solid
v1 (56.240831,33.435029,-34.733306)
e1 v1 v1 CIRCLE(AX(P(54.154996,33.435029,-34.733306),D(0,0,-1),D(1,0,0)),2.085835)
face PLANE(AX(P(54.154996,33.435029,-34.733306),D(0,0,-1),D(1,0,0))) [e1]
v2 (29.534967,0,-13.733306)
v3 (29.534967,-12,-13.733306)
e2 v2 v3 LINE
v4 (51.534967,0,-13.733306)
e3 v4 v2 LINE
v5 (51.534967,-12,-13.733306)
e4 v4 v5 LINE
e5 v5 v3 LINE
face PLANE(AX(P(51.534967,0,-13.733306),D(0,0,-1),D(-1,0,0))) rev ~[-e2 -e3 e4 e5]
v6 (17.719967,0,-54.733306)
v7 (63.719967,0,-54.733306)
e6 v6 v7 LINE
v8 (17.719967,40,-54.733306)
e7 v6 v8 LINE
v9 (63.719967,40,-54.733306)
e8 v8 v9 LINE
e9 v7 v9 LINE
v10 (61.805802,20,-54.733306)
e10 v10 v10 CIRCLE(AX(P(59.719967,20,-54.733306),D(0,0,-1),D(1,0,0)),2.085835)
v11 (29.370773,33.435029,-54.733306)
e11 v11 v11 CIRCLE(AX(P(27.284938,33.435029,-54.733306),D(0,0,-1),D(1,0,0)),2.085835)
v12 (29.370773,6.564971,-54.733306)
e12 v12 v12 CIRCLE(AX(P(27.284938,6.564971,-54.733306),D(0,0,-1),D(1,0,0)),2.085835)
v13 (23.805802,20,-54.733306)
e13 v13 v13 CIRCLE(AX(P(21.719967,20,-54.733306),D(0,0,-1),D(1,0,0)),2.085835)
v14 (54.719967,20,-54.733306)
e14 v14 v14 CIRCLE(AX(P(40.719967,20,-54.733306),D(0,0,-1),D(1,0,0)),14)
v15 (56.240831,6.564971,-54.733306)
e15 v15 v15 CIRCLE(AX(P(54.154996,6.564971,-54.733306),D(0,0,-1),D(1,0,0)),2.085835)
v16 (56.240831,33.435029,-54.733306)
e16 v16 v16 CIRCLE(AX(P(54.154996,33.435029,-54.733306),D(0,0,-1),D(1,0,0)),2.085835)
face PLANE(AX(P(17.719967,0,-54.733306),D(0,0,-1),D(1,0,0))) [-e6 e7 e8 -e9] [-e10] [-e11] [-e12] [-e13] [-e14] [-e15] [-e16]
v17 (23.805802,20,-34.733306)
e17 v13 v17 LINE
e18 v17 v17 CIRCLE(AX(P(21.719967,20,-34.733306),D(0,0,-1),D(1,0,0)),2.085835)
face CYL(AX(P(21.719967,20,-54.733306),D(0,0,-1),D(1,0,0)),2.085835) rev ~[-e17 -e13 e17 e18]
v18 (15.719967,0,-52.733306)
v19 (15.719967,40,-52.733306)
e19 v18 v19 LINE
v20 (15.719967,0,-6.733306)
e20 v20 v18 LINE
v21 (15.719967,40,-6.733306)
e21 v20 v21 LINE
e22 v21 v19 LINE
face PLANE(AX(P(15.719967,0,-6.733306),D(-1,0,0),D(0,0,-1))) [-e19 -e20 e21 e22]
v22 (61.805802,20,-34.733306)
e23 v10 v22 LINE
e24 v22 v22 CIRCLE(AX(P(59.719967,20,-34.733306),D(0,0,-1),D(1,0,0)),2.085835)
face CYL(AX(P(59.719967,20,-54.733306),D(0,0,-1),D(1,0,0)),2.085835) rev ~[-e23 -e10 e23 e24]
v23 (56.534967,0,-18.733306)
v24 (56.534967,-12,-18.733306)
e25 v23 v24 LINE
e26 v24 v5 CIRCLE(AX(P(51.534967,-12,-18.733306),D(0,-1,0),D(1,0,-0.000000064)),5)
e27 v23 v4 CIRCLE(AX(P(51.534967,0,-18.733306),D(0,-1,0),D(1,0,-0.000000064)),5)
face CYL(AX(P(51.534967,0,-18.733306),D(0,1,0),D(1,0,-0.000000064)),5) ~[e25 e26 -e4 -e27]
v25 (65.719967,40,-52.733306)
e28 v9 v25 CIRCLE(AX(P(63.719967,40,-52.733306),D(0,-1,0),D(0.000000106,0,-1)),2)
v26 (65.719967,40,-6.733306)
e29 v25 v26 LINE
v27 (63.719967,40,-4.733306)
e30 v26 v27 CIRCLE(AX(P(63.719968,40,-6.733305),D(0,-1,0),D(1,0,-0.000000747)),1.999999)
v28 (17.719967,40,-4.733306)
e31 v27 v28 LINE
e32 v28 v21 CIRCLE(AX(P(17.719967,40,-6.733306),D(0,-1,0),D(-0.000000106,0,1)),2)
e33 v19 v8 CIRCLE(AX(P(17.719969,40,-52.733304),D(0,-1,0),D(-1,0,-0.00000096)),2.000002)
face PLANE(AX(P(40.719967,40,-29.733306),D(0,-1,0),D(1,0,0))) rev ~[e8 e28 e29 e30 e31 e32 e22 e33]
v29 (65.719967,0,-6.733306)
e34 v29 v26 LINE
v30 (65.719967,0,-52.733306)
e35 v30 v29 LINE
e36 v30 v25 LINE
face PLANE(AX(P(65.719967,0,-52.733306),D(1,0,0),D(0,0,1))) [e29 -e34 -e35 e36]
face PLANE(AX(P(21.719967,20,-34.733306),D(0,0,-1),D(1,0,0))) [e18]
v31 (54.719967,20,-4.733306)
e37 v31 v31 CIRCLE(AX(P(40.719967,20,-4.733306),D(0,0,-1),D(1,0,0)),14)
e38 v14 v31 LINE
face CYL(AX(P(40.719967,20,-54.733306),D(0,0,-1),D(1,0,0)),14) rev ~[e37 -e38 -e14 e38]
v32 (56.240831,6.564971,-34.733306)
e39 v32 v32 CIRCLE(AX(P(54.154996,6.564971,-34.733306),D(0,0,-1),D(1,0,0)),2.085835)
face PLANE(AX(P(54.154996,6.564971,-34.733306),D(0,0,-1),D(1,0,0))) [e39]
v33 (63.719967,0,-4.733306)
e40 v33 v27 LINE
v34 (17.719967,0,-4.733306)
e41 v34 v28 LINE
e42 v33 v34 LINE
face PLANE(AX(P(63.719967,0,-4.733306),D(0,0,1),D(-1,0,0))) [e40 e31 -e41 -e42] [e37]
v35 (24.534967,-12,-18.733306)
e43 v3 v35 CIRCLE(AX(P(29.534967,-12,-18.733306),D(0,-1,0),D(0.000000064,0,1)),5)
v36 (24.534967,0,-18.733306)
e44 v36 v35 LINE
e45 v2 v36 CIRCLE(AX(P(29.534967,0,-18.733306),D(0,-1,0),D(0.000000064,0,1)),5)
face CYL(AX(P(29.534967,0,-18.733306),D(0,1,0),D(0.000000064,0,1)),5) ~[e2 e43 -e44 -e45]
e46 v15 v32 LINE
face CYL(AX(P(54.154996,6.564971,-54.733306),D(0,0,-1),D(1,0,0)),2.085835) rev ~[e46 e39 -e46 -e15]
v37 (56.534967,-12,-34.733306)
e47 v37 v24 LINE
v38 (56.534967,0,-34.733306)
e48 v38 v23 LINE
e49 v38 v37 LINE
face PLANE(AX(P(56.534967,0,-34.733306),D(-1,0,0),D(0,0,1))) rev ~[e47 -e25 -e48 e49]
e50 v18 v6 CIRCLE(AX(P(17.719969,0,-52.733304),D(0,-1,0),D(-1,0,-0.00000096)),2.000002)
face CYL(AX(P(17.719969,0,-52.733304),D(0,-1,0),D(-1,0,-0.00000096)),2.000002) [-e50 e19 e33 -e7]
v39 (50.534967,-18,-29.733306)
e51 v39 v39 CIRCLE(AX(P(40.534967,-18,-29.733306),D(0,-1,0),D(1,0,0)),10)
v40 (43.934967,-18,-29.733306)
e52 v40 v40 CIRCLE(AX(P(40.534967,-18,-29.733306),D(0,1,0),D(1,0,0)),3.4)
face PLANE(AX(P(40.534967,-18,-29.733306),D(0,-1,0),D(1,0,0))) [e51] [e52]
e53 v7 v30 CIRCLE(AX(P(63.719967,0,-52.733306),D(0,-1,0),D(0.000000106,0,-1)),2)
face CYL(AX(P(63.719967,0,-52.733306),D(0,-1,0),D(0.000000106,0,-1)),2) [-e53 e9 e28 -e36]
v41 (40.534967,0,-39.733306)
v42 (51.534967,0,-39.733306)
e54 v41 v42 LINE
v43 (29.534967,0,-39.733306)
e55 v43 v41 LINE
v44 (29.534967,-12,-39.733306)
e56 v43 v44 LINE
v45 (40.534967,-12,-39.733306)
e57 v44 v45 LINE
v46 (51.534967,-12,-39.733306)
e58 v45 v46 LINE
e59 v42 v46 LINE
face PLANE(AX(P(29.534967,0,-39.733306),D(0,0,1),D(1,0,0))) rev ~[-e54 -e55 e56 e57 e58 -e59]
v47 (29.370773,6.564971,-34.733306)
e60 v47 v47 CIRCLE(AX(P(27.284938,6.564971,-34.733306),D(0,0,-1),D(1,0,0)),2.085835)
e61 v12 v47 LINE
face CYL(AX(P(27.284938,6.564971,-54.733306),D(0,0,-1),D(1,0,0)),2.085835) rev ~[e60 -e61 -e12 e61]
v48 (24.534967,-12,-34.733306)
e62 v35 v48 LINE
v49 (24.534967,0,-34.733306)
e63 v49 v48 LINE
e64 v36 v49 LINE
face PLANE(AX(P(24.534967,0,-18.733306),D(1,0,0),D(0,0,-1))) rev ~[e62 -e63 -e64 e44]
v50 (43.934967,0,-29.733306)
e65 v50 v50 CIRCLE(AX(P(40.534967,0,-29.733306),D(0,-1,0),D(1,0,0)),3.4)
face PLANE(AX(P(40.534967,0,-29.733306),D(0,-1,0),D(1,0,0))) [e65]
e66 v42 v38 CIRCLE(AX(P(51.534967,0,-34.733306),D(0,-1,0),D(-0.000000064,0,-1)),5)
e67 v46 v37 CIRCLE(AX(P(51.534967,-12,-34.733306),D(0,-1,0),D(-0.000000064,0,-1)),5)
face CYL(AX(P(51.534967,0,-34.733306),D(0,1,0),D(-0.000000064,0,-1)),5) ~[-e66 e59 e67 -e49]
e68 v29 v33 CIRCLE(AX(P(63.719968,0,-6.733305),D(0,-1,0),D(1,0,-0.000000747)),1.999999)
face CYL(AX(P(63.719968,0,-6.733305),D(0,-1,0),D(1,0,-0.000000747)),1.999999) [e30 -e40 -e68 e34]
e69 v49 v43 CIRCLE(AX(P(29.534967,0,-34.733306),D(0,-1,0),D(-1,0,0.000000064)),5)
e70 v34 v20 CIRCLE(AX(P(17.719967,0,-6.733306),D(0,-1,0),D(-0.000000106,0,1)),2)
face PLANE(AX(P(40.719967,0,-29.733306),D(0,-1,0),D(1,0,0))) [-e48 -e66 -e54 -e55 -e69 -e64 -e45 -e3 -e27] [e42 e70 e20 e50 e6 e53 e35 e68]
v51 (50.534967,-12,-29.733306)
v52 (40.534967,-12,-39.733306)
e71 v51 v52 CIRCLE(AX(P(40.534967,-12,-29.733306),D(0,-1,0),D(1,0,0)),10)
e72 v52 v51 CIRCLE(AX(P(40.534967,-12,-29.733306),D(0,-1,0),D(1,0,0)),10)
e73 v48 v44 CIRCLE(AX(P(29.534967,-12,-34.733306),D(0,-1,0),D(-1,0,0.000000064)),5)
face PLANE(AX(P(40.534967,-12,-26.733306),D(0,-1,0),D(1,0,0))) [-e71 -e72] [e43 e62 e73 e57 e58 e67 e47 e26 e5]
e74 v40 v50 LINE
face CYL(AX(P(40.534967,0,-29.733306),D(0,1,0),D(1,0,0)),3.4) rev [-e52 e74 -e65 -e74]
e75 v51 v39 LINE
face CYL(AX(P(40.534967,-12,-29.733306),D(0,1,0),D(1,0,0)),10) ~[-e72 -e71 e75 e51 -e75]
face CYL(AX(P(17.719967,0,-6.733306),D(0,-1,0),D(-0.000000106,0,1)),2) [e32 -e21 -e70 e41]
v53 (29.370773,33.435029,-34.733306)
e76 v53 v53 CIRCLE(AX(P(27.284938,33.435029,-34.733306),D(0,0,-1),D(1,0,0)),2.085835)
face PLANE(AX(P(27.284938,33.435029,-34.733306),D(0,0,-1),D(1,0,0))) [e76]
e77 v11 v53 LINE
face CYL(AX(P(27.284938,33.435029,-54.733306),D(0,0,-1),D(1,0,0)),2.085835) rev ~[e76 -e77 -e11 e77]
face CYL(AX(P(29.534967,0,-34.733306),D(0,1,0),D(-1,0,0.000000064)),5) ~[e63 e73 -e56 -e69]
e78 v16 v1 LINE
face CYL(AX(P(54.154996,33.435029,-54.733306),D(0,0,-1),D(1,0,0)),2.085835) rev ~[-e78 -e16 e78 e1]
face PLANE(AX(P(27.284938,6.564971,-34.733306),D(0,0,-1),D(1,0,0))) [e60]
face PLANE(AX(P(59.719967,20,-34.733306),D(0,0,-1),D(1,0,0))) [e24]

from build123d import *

# Parameters (mm, degrees)
F4_DEPTH  = 12
F2_R      = 10
F5_DEPTH  = 6
F3_R      = 3.4
F6_DEPTH  = 18.001
F7_DEPTH  = 40
F9_R      = 14
F10_DEPTH = 50.001
F9_R_2    = 2.085835
F11_DEPTH = 20
F12_R     = 10
F13_DEPTH = 6
F14_DEPTH = 25


with BuildPart() as f4:
    # F1 (on face) → F4 (new body)
    with BuildSketch(Plane.XZ):
        with BuildLine():
            Line((51.534967, -13.733306), (29.534967, -13.733306))
            ThreePointArc((29.534967, -13.733306), (25.999433, -15.197772), (24.534967, -18.733306))
            Line((24.534967, -18.733306), (24.534967, -34.733306))
            ThreePointArc((24.534967, -34.733306), (25.999433, -38.26884), (29.534967, -39.733306))
            Line((29.534967, -39.733306), (51.534967, -39.733306))
            ThreePointArc((51.534967, -39.733306), (55.070501, -38.26884), (56.534967, -34.733306))
            Line((56.534967, -34.733306), (56.534967, -18.733306))
            ThreePointArc((56.534967, -18.733306), (55.070501, -15.197772), (51.534967, -13.733306))
        make_face()
    extrude(amount=F4_DEPTH)

    # F2 (on face) → F5 (join)
    with BuildSketch(Plane.XZ.offset(12)):
        with Locations((40.534967, -29.733306)):
            Circle(F2_R)
    extrude(amount=F5_DEPTH)

    # F3 (on face) → F6 (cut, through all)
    with BuildSketch(Plane.XZ):
        with Locations((40.534967, -29.733306)):
            Circle(F3_R)
    extrude(amount=F6_DEPTH, mode=Mode.SUBTRACT)

    # F0 (on Front) → F7 (join)
    with BuildSketch(Plane.XZ):
        with BuildLine():
            Line((63.719967, -4.733306), (17.719967, -4.733306))
            ThreePointArc((17.719967, -4.733306), (16.305754, -5.319092), (15.719967, -6.733306))
            Line((15.719967, -6.733306), (15.719967, -52.733306))
            ThreePointArc((15.719967, -52.733306), (16.305754, -54.147519), (17.719967, -54.733306))
            Line((17.719967, -54.733306), (63.719967, -54.733306))
            ThreePointArc((63.719967, -54.733306), (65.134181, -54.147519), (65.719967, -52.733306))
            Line((65.719967, -52.733306), (65.719967, -6.733306))
            ThreePointArc((65.719967, -6.733306), (65.134181, -5.319092), (63.719967, -4.733306))
        make_face()
    extrude(amount=-F7_DEPTH)

    # F9 (on face) → F10 (cut, through all)
    with BuildSketch(Plane(origin=(0, 0, -54.733306), x_dir=(1, 0, 0), z_dir=(0, 0, -1))):
        with Locations((40.719967, -20)):
            Circle(F9_R)
    extrude(amount=-F10_DEPTH, mode=Mode.SUBTRACT)

    # F9 (on face) → F11 (cut)
    with BuildSketch(Plane(origin=(0, 0, -54.733306), x_dir=(1, 0, 0), z_dir=(0, 0, -1))):
        with Locations((27.284938, -6.564971)):
            Circle(F9_R_2)
        with Locations((21.719967, -20)):
            Circle(F9_R_2)
        with Locations((27.284938, -33.435029)):
            Circle(F9_R_2)
        with Locations((54.154996, -6.564971)):
            Circle(F9_R_2)
        with Locations((59.719967, -20)):
            Circle(F9_R_2)
        with Locations((54.154996, -33.435029)):
            Circle(F9_R_2)
    extrude(amount=-F11_DEPTH, mode=Mode.SUBTRACT)

    # F12 (on face) → F13 (join)
    with BuildSketch(Plane.XZ):
        with Locations((40.534967, -29.733306)):
            Circle(F12_R)
    extrude(amount=F13_DEPTH)

    # F3 (on face) → F14 (cut)
    with BuildSketch(Plane.XZ):
        with Locations((40.534967, -29.733306)):
            Circle(F3_R)
    extrude(amount=F14_DEPTH, mode=Mode.SUBTRACT)


solid = f4.part
